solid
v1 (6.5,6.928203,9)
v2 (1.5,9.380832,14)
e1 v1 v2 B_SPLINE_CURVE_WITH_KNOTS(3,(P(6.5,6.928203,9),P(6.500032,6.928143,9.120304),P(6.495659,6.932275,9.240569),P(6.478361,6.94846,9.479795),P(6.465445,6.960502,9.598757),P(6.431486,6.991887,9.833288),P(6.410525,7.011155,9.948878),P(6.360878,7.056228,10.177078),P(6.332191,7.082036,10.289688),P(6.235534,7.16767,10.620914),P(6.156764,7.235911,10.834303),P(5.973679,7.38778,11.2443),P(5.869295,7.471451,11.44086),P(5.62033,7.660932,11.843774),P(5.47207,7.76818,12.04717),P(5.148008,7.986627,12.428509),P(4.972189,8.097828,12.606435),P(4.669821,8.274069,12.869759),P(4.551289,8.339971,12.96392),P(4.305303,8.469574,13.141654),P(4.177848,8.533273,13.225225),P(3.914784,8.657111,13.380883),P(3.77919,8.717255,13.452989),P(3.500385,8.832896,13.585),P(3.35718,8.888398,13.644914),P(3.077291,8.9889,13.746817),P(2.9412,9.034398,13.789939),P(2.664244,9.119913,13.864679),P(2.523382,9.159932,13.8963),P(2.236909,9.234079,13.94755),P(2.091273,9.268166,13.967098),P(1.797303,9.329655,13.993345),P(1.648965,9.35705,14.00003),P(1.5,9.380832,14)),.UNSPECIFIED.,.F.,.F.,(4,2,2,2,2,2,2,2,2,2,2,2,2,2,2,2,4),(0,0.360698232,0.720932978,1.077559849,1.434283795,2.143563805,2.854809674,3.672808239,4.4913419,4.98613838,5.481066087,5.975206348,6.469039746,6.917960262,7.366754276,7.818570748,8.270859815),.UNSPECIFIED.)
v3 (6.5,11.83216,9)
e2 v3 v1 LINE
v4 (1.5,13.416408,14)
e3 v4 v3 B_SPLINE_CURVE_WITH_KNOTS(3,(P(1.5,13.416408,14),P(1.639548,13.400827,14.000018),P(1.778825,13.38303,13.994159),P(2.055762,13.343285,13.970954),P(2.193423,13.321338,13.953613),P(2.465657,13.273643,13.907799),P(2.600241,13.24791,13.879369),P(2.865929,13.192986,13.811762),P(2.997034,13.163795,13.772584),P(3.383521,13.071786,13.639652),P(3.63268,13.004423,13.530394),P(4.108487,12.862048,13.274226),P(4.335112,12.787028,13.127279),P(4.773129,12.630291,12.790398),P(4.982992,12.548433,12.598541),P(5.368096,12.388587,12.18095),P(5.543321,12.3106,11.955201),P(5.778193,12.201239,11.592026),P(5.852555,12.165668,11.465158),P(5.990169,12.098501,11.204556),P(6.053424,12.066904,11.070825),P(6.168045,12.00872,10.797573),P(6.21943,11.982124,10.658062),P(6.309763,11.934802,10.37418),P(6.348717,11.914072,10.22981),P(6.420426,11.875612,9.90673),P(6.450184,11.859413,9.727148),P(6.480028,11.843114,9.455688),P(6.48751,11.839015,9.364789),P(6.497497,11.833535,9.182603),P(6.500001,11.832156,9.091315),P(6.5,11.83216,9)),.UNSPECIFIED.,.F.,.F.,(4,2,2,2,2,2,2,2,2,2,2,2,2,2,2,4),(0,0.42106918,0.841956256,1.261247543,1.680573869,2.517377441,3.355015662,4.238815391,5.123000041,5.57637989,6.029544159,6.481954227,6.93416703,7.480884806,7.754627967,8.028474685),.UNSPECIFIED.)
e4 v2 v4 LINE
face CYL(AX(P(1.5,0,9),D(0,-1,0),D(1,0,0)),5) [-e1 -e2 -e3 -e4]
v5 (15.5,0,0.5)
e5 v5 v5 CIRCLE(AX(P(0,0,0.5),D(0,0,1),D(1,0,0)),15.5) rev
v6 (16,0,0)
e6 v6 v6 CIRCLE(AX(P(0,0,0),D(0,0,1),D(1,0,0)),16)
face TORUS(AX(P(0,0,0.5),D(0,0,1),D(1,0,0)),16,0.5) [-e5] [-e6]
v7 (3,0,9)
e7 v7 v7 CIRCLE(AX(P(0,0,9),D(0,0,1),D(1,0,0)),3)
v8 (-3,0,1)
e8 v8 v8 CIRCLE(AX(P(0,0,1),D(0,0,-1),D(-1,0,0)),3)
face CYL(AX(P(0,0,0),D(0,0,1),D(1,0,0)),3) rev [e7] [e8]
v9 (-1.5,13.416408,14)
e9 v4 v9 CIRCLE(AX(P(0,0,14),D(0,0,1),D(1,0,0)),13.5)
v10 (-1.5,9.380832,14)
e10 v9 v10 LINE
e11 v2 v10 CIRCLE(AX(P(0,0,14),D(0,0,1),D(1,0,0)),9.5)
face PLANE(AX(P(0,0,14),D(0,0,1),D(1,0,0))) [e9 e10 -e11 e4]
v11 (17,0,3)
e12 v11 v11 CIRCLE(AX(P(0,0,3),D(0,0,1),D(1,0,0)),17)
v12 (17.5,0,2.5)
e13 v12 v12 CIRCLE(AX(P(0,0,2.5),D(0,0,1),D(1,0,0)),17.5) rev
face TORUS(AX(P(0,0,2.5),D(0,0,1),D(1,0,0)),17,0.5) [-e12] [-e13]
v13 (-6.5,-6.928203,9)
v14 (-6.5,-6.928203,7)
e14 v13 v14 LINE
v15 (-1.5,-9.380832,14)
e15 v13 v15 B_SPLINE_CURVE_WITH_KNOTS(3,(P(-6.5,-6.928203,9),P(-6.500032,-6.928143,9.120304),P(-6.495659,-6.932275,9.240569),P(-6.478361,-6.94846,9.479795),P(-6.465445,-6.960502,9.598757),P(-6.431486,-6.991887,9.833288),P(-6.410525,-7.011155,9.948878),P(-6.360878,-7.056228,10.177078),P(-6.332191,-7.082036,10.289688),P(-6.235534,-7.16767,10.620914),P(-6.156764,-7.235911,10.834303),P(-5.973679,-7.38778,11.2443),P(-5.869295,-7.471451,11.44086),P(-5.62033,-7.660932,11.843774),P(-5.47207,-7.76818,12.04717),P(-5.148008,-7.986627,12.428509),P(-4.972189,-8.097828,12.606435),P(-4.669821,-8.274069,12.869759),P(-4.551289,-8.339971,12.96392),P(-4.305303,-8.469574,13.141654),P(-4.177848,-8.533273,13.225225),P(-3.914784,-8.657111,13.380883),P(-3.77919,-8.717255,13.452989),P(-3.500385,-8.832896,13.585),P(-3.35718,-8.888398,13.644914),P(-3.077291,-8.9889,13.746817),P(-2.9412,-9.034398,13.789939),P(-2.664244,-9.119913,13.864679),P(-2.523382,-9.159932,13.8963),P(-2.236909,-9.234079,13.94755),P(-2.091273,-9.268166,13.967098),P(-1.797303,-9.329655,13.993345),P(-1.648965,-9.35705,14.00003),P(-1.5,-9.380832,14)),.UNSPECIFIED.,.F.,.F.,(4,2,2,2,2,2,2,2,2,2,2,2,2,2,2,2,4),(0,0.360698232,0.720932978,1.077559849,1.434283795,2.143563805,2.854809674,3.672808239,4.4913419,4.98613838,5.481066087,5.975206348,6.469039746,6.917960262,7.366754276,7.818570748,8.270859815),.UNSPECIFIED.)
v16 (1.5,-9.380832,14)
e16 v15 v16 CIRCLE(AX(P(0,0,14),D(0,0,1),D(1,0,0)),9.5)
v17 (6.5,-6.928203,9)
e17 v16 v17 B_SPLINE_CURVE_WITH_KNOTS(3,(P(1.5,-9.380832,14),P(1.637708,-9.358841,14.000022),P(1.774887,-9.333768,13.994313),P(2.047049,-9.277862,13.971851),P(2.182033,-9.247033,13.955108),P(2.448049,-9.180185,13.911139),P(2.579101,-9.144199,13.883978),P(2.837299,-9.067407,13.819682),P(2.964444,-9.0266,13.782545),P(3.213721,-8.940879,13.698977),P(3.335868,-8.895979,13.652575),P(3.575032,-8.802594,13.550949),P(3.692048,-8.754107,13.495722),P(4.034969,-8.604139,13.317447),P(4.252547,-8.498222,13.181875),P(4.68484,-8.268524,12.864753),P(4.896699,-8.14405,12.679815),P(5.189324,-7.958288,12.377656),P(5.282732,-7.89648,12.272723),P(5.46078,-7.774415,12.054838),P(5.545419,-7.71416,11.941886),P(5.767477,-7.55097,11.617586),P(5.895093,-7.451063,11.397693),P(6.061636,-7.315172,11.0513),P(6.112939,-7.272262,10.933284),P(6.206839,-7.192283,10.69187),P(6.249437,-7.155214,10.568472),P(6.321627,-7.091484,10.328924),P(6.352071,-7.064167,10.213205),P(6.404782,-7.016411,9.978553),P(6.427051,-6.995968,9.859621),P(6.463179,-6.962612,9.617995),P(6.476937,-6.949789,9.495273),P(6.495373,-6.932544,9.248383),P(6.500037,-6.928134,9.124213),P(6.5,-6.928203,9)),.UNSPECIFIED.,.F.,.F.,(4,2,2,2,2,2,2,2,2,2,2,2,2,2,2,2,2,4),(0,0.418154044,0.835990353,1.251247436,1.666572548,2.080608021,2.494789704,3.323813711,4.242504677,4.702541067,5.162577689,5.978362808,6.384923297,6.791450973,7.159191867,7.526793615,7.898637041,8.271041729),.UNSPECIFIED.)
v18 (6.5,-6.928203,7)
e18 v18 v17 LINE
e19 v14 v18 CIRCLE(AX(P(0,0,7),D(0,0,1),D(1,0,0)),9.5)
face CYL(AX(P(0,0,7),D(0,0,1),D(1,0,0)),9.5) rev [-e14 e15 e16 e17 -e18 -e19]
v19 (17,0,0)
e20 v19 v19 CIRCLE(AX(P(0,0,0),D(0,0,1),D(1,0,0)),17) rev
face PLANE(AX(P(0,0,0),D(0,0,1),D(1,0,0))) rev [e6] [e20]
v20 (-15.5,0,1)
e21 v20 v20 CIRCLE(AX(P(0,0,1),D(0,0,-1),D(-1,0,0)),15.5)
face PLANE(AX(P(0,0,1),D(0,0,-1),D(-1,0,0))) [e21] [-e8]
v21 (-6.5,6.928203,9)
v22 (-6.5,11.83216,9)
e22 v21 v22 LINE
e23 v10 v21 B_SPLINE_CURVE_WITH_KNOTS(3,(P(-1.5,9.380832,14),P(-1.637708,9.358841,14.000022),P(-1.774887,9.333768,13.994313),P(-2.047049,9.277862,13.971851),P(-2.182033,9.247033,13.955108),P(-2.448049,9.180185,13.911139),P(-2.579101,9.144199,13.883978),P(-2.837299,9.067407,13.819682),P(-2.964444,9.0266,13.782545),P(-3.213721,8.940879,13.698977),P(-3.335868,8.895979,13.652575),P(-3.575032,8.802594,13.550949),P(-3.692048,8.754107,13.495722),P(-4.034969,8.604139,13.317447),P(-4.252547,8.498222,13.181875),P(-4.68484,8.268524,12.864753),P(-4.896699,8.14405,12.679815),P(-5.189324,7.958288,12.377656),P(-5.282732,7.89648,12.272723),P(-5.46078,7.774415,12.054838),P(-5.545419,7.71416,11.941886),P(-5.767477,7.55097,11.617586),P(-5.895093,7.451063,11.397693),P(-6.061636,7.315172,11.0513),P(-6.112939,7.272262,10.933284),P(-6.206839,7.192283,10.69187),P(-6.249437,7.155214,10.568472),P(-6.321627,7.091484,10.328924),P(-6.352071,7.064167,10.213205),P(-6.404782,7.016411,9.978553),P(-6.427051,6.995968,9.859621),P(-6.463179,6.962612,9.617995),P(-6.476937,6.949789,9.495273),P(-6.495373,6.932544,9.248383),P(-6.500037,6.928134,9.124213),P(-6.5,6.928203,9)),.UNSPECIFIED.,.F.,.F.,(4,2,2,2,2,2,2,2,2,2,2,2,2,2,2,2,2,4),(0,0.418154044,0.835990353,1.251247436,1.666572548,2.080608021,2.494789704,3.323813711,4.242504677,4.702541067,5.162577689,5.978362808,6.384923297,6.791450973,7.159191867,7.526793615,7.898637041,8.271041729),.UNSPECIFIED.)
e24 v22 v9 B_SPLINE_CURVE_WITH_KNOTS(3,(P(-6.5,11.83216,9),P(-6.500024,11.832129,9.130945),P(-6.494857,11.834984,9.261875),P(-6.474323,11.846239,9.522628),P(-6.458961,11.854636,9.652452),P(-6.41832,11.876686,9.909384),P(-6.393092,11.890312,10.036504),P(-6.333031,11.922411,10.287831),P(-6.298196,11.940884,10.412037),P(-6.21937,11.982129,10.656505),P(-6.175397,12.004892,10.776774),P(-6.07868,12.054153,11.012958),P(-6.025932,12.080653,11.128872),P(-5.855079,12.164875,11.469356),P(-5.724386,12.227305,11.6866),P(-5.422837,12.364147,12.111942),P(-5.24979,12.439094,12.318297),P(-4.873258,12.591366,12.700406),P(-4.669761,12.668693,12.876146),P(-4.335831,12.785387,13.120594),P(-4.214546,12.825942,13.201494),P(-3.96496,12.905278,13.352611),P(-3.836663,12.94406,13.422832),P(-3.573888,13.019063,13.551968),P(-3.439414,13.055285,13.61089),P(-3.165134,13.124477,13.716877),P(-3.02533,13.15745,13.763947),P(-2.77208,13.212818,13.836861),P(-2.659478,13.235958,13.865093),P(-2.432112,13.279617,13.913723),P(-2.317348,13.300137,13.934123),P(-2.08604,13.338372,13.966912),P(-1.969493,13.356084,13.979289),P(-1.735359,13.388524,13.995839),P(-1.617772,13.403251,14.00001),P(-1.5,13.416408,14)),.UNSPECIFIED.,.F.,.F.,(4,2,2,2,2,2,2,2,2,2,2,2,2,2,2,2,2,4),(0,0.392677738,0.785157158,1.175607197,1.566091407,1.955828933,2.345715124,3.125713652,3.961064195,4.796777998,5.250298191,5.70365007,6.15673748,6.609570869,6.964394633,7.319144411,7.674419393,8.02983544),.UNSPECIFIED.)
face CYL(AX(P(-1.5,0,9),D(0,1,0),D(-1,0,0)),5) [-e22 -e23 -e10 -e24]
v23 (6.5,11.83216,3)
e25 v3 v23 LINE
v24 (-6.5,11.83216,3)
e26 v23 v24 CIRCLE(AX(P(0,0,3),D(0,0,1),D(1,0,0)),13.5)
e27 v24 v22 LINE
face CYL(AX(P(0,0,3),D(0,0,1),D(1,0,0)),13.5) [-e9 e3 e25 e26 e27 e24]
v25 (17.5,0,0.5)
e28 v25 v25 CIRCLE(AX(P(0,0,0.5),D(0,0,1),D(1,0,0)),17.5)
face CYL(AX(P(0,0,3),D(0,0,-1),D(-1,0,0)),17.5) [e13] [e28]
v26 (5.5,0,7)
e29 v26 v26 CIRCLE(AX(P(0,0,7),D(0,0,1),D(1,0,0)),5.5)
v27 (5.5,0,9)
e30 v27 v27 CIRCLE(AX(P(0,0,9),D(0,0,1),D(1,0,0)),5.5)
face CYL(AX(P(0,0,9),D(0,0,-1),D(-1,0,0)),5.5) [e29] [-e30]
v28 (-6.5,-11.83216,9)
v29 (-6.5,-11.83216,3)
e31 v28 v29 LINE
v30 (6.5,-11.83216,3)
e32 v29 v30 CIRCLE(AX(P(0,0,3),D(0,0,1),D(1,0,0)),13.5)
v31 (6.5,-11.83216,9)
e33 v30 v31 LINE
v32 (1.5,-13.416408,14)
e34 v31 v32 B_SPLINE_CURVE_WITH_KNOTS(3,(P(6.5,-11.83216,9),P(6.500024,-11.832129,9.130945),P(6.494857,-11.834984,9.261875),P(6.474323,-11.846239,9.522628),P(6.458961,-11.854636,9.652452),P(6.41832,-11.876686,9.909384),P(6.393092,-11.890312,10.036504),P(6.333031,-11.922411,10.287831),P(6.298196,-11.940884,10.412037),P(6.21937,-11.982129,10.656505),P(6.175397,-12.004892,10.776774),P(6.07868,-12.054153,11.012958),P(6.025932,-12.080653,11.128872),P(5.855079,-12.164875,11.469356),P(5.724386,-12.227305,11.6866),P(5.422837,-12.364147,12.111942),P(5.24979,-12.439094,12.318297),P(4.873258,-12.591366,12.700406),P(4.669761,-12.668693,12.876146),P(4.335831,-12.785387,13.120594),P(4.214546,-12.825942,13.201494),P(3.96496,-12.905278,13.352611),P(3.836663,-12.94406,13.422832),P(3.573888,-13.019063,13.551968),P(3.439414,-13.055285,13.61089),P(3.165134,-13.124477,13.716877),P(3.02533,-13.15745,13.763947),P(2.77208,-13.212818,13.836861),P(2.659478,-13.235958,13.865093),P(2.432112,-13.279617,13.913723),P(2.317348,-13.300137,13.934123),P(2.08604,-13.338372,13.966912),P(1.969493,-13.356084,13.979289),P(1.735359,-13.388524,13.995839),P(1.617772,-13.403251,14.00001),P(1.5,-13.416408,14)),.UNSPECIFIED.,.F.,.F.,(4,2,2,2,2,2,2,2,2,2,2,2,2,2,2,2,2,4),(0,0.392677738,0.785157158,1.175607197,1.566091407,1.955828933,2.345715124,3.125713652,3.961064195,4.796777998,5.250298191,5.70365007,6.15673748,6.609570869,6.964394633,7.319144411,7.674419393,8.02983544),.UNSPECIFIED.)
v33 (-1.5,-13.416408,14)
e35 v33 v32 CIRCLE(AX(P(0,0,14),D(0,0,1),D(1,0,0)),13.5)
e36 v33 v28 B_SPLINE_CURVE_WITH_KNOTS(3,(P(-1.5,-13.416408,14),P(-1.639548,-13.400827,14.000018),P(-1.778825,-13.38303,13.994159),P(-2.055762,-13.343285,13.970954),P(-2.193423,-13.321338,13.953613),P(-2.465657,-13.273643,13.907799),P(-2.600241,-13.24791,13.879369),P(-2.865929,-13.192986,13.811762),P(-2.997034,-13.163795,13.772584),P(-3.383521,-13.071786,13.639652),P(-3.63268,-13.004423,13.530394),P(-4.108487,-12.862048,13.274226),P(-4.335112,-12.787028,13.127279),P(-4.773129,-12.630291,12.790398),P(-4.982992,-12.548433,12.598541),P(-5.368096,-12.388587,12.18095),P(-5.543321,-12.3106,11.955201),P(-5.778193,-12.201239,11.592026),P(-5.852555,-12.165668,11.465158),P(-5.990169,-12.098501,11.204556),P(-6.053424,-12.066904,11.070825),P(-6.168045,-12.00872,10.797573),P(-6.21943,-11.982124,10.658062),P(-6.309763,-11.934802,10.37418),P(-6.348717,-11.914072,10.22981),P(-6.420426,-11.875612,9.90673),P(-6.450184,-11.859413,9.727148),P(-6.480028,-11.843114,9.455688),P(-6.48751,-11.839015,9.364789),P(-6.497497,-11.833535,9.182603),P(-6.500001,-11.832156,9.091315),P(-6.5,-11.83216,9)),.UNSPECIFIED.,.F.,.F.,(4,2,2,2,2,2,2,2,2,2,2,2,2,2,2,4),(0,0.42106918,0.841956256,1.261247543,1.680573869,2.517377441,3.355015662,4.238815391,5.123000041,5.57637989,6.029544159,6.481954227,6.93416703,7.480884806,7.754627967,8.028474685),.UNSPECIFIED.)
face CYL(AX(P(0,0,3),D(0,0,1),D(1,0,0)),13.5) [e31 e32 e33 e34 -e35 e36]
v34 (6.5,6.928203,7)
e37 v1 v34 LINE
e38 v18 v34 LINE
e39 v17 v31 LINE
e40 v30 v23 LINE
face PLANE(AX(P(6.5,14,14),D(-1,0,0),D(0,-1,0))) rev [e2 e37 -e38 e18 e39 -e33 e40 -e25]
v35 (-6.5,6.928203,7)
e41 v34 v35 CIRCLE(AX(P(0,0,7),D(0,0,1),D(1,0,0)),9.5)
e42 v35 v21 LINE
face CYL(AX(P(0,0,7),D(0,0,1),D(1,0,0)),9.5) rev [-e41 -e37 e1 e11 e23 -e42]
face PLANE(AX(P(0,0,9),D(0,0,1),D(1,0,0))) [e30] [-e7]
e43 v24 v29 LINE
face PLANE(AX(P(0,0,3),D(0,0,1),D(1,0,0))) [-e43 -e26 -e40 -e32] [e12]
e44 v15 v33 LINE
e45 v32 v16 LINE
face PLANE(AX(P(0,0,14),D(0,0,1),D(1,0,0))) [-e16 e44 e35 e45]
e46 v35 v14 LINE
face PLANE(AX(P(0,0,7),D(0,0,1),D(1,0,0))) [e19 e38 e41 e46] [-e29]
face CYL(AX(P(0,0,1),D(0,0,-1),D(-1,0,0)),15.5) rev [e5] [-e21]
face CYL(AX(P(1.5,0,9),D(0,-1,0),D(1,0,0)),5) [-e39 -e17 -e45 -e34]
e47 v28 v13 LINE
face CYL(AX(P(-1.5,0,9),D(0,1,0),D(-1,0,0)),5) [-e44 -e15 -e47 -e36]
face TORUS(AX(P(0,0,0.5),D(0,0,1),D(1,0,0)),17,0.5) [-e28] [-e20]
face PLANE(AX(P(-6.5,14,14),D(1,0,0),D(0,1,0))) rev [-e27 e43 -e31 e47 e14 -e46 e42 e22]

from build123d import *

# Parameters (mm, degrees)
SKETCH1_R           = 17.5
BOSS_EXTRUDE1_DEPTH = 3
SKETCH2_R           = 15.5
CUT_EXTRUDE1_DEPTH  = 1
SKETCH3_W           = 13
SKETCH3_H           = 28
BOSS_EXTRUDE2_DEPTH = 11
SKETCH4_R           = 9.5
CUT_EXTRUDE2_DEPTH  = 7
SKETCH5_R           = 16.54214052
SKETCH5_R_2         = 13.5
CUT_EXTRUDE3_DEPTH  = 11
FILLET1_R           = 5
SKETCH6_R           = 5.5
BOSS_EXTRUDE3_DEPTH = 2
SKETCH7_R           = 3
CUT_EXTRUDE4_DEPTH  = 27.334388165
FILLET3_R           = 0.5


with BuildPart() as part:
    # Sketch1 → Boss-Extrude1 (new body)
    with BuildSketch(Plane.XY):
        Circle(SKETCH1_R)
    extrude(amount=BOSS_EXTRUDE1_DEPTH)

    # Sketch2 → Cut-Extrude1 (cut)
    with BuildSketch(Plane(origin=(0, 0, 0), x_dir=(-1, 0, 0), z_dir=(0, 0, -1))):
        Circle(SKETCH2_R)
    extrude(amount=-CUT_EXTRUDE1_DEPTH, mode=Mode.SUBTRACT)

    # Sketch3 → Boss-Extrude2 (add)
    with BuildSketch(Plane.XY.offset(3)):
        Rectangle(SKETCH3_W, SKETCH3_H)
    extrude(amount=BOSS_EXTRUDE2_DEPTH)

    # Sketch4 → Cut-Extrude2 (cut)
    with BuildSketch(Plane.XY.offset(14)):
        Circle(SKETCH4_R)
    extrude(amount=-CUT_EXTRUDE2_DEPTH, mode=Mode.SUBTRACT)

    # Sketch5 → Cut-Extrude3 (cut)
    with BuildSketch(Plane.XY.offset(14)):
        Circle(SKETCH5_R)
        Circle(SKETCH5_R_2, mode=Mode.SUBTRACT)
    extrude(amount=-CUT_EXTRUDE3_DEPTH, mode=Mode.SUBTRACT)

    # Fillet1
    fillet1_edges = [part.edges().sort_by_distance(p)[0] for p in [
        (6.5, 9.380181398, 14),
        (-6.5, -9.380181398, 14),
        (6.5, -9.380181398, 14),
        (-6.5, 9.380181398, 14),
    ]]
    fillet(fillet1_edges, radius=FILLET1_R)

    # Sketch6 → Boss-Extrude3 (add)
    with BuildSketch(Plane.XY.offset(7)):
        Circle(SKETCH6_R)
    extrude(amount=BOSS_EXTRUDE3_DEPTH)

    # Sketch7 → Cut-Extrude4 (cut, through all)
    with BuildSketch(Plane.XY.offset(9)):
        Circle(SKETCH7_R)
    extrude(amount=-CUT_EXTRUDE4_DEPTH, mode=Mode.SUBTRACT)

    # Fillet3
    fillet3_edges = [part.edges().sort_by_distance(p)[0] for p in [
        (-17.5, 0, 0),
        (-17.5, 0, 3),
        (15.5, 0, 0),
    ]]
    fillet(fillet3_edges, radius=FILLET3_R)


solid = part.part
